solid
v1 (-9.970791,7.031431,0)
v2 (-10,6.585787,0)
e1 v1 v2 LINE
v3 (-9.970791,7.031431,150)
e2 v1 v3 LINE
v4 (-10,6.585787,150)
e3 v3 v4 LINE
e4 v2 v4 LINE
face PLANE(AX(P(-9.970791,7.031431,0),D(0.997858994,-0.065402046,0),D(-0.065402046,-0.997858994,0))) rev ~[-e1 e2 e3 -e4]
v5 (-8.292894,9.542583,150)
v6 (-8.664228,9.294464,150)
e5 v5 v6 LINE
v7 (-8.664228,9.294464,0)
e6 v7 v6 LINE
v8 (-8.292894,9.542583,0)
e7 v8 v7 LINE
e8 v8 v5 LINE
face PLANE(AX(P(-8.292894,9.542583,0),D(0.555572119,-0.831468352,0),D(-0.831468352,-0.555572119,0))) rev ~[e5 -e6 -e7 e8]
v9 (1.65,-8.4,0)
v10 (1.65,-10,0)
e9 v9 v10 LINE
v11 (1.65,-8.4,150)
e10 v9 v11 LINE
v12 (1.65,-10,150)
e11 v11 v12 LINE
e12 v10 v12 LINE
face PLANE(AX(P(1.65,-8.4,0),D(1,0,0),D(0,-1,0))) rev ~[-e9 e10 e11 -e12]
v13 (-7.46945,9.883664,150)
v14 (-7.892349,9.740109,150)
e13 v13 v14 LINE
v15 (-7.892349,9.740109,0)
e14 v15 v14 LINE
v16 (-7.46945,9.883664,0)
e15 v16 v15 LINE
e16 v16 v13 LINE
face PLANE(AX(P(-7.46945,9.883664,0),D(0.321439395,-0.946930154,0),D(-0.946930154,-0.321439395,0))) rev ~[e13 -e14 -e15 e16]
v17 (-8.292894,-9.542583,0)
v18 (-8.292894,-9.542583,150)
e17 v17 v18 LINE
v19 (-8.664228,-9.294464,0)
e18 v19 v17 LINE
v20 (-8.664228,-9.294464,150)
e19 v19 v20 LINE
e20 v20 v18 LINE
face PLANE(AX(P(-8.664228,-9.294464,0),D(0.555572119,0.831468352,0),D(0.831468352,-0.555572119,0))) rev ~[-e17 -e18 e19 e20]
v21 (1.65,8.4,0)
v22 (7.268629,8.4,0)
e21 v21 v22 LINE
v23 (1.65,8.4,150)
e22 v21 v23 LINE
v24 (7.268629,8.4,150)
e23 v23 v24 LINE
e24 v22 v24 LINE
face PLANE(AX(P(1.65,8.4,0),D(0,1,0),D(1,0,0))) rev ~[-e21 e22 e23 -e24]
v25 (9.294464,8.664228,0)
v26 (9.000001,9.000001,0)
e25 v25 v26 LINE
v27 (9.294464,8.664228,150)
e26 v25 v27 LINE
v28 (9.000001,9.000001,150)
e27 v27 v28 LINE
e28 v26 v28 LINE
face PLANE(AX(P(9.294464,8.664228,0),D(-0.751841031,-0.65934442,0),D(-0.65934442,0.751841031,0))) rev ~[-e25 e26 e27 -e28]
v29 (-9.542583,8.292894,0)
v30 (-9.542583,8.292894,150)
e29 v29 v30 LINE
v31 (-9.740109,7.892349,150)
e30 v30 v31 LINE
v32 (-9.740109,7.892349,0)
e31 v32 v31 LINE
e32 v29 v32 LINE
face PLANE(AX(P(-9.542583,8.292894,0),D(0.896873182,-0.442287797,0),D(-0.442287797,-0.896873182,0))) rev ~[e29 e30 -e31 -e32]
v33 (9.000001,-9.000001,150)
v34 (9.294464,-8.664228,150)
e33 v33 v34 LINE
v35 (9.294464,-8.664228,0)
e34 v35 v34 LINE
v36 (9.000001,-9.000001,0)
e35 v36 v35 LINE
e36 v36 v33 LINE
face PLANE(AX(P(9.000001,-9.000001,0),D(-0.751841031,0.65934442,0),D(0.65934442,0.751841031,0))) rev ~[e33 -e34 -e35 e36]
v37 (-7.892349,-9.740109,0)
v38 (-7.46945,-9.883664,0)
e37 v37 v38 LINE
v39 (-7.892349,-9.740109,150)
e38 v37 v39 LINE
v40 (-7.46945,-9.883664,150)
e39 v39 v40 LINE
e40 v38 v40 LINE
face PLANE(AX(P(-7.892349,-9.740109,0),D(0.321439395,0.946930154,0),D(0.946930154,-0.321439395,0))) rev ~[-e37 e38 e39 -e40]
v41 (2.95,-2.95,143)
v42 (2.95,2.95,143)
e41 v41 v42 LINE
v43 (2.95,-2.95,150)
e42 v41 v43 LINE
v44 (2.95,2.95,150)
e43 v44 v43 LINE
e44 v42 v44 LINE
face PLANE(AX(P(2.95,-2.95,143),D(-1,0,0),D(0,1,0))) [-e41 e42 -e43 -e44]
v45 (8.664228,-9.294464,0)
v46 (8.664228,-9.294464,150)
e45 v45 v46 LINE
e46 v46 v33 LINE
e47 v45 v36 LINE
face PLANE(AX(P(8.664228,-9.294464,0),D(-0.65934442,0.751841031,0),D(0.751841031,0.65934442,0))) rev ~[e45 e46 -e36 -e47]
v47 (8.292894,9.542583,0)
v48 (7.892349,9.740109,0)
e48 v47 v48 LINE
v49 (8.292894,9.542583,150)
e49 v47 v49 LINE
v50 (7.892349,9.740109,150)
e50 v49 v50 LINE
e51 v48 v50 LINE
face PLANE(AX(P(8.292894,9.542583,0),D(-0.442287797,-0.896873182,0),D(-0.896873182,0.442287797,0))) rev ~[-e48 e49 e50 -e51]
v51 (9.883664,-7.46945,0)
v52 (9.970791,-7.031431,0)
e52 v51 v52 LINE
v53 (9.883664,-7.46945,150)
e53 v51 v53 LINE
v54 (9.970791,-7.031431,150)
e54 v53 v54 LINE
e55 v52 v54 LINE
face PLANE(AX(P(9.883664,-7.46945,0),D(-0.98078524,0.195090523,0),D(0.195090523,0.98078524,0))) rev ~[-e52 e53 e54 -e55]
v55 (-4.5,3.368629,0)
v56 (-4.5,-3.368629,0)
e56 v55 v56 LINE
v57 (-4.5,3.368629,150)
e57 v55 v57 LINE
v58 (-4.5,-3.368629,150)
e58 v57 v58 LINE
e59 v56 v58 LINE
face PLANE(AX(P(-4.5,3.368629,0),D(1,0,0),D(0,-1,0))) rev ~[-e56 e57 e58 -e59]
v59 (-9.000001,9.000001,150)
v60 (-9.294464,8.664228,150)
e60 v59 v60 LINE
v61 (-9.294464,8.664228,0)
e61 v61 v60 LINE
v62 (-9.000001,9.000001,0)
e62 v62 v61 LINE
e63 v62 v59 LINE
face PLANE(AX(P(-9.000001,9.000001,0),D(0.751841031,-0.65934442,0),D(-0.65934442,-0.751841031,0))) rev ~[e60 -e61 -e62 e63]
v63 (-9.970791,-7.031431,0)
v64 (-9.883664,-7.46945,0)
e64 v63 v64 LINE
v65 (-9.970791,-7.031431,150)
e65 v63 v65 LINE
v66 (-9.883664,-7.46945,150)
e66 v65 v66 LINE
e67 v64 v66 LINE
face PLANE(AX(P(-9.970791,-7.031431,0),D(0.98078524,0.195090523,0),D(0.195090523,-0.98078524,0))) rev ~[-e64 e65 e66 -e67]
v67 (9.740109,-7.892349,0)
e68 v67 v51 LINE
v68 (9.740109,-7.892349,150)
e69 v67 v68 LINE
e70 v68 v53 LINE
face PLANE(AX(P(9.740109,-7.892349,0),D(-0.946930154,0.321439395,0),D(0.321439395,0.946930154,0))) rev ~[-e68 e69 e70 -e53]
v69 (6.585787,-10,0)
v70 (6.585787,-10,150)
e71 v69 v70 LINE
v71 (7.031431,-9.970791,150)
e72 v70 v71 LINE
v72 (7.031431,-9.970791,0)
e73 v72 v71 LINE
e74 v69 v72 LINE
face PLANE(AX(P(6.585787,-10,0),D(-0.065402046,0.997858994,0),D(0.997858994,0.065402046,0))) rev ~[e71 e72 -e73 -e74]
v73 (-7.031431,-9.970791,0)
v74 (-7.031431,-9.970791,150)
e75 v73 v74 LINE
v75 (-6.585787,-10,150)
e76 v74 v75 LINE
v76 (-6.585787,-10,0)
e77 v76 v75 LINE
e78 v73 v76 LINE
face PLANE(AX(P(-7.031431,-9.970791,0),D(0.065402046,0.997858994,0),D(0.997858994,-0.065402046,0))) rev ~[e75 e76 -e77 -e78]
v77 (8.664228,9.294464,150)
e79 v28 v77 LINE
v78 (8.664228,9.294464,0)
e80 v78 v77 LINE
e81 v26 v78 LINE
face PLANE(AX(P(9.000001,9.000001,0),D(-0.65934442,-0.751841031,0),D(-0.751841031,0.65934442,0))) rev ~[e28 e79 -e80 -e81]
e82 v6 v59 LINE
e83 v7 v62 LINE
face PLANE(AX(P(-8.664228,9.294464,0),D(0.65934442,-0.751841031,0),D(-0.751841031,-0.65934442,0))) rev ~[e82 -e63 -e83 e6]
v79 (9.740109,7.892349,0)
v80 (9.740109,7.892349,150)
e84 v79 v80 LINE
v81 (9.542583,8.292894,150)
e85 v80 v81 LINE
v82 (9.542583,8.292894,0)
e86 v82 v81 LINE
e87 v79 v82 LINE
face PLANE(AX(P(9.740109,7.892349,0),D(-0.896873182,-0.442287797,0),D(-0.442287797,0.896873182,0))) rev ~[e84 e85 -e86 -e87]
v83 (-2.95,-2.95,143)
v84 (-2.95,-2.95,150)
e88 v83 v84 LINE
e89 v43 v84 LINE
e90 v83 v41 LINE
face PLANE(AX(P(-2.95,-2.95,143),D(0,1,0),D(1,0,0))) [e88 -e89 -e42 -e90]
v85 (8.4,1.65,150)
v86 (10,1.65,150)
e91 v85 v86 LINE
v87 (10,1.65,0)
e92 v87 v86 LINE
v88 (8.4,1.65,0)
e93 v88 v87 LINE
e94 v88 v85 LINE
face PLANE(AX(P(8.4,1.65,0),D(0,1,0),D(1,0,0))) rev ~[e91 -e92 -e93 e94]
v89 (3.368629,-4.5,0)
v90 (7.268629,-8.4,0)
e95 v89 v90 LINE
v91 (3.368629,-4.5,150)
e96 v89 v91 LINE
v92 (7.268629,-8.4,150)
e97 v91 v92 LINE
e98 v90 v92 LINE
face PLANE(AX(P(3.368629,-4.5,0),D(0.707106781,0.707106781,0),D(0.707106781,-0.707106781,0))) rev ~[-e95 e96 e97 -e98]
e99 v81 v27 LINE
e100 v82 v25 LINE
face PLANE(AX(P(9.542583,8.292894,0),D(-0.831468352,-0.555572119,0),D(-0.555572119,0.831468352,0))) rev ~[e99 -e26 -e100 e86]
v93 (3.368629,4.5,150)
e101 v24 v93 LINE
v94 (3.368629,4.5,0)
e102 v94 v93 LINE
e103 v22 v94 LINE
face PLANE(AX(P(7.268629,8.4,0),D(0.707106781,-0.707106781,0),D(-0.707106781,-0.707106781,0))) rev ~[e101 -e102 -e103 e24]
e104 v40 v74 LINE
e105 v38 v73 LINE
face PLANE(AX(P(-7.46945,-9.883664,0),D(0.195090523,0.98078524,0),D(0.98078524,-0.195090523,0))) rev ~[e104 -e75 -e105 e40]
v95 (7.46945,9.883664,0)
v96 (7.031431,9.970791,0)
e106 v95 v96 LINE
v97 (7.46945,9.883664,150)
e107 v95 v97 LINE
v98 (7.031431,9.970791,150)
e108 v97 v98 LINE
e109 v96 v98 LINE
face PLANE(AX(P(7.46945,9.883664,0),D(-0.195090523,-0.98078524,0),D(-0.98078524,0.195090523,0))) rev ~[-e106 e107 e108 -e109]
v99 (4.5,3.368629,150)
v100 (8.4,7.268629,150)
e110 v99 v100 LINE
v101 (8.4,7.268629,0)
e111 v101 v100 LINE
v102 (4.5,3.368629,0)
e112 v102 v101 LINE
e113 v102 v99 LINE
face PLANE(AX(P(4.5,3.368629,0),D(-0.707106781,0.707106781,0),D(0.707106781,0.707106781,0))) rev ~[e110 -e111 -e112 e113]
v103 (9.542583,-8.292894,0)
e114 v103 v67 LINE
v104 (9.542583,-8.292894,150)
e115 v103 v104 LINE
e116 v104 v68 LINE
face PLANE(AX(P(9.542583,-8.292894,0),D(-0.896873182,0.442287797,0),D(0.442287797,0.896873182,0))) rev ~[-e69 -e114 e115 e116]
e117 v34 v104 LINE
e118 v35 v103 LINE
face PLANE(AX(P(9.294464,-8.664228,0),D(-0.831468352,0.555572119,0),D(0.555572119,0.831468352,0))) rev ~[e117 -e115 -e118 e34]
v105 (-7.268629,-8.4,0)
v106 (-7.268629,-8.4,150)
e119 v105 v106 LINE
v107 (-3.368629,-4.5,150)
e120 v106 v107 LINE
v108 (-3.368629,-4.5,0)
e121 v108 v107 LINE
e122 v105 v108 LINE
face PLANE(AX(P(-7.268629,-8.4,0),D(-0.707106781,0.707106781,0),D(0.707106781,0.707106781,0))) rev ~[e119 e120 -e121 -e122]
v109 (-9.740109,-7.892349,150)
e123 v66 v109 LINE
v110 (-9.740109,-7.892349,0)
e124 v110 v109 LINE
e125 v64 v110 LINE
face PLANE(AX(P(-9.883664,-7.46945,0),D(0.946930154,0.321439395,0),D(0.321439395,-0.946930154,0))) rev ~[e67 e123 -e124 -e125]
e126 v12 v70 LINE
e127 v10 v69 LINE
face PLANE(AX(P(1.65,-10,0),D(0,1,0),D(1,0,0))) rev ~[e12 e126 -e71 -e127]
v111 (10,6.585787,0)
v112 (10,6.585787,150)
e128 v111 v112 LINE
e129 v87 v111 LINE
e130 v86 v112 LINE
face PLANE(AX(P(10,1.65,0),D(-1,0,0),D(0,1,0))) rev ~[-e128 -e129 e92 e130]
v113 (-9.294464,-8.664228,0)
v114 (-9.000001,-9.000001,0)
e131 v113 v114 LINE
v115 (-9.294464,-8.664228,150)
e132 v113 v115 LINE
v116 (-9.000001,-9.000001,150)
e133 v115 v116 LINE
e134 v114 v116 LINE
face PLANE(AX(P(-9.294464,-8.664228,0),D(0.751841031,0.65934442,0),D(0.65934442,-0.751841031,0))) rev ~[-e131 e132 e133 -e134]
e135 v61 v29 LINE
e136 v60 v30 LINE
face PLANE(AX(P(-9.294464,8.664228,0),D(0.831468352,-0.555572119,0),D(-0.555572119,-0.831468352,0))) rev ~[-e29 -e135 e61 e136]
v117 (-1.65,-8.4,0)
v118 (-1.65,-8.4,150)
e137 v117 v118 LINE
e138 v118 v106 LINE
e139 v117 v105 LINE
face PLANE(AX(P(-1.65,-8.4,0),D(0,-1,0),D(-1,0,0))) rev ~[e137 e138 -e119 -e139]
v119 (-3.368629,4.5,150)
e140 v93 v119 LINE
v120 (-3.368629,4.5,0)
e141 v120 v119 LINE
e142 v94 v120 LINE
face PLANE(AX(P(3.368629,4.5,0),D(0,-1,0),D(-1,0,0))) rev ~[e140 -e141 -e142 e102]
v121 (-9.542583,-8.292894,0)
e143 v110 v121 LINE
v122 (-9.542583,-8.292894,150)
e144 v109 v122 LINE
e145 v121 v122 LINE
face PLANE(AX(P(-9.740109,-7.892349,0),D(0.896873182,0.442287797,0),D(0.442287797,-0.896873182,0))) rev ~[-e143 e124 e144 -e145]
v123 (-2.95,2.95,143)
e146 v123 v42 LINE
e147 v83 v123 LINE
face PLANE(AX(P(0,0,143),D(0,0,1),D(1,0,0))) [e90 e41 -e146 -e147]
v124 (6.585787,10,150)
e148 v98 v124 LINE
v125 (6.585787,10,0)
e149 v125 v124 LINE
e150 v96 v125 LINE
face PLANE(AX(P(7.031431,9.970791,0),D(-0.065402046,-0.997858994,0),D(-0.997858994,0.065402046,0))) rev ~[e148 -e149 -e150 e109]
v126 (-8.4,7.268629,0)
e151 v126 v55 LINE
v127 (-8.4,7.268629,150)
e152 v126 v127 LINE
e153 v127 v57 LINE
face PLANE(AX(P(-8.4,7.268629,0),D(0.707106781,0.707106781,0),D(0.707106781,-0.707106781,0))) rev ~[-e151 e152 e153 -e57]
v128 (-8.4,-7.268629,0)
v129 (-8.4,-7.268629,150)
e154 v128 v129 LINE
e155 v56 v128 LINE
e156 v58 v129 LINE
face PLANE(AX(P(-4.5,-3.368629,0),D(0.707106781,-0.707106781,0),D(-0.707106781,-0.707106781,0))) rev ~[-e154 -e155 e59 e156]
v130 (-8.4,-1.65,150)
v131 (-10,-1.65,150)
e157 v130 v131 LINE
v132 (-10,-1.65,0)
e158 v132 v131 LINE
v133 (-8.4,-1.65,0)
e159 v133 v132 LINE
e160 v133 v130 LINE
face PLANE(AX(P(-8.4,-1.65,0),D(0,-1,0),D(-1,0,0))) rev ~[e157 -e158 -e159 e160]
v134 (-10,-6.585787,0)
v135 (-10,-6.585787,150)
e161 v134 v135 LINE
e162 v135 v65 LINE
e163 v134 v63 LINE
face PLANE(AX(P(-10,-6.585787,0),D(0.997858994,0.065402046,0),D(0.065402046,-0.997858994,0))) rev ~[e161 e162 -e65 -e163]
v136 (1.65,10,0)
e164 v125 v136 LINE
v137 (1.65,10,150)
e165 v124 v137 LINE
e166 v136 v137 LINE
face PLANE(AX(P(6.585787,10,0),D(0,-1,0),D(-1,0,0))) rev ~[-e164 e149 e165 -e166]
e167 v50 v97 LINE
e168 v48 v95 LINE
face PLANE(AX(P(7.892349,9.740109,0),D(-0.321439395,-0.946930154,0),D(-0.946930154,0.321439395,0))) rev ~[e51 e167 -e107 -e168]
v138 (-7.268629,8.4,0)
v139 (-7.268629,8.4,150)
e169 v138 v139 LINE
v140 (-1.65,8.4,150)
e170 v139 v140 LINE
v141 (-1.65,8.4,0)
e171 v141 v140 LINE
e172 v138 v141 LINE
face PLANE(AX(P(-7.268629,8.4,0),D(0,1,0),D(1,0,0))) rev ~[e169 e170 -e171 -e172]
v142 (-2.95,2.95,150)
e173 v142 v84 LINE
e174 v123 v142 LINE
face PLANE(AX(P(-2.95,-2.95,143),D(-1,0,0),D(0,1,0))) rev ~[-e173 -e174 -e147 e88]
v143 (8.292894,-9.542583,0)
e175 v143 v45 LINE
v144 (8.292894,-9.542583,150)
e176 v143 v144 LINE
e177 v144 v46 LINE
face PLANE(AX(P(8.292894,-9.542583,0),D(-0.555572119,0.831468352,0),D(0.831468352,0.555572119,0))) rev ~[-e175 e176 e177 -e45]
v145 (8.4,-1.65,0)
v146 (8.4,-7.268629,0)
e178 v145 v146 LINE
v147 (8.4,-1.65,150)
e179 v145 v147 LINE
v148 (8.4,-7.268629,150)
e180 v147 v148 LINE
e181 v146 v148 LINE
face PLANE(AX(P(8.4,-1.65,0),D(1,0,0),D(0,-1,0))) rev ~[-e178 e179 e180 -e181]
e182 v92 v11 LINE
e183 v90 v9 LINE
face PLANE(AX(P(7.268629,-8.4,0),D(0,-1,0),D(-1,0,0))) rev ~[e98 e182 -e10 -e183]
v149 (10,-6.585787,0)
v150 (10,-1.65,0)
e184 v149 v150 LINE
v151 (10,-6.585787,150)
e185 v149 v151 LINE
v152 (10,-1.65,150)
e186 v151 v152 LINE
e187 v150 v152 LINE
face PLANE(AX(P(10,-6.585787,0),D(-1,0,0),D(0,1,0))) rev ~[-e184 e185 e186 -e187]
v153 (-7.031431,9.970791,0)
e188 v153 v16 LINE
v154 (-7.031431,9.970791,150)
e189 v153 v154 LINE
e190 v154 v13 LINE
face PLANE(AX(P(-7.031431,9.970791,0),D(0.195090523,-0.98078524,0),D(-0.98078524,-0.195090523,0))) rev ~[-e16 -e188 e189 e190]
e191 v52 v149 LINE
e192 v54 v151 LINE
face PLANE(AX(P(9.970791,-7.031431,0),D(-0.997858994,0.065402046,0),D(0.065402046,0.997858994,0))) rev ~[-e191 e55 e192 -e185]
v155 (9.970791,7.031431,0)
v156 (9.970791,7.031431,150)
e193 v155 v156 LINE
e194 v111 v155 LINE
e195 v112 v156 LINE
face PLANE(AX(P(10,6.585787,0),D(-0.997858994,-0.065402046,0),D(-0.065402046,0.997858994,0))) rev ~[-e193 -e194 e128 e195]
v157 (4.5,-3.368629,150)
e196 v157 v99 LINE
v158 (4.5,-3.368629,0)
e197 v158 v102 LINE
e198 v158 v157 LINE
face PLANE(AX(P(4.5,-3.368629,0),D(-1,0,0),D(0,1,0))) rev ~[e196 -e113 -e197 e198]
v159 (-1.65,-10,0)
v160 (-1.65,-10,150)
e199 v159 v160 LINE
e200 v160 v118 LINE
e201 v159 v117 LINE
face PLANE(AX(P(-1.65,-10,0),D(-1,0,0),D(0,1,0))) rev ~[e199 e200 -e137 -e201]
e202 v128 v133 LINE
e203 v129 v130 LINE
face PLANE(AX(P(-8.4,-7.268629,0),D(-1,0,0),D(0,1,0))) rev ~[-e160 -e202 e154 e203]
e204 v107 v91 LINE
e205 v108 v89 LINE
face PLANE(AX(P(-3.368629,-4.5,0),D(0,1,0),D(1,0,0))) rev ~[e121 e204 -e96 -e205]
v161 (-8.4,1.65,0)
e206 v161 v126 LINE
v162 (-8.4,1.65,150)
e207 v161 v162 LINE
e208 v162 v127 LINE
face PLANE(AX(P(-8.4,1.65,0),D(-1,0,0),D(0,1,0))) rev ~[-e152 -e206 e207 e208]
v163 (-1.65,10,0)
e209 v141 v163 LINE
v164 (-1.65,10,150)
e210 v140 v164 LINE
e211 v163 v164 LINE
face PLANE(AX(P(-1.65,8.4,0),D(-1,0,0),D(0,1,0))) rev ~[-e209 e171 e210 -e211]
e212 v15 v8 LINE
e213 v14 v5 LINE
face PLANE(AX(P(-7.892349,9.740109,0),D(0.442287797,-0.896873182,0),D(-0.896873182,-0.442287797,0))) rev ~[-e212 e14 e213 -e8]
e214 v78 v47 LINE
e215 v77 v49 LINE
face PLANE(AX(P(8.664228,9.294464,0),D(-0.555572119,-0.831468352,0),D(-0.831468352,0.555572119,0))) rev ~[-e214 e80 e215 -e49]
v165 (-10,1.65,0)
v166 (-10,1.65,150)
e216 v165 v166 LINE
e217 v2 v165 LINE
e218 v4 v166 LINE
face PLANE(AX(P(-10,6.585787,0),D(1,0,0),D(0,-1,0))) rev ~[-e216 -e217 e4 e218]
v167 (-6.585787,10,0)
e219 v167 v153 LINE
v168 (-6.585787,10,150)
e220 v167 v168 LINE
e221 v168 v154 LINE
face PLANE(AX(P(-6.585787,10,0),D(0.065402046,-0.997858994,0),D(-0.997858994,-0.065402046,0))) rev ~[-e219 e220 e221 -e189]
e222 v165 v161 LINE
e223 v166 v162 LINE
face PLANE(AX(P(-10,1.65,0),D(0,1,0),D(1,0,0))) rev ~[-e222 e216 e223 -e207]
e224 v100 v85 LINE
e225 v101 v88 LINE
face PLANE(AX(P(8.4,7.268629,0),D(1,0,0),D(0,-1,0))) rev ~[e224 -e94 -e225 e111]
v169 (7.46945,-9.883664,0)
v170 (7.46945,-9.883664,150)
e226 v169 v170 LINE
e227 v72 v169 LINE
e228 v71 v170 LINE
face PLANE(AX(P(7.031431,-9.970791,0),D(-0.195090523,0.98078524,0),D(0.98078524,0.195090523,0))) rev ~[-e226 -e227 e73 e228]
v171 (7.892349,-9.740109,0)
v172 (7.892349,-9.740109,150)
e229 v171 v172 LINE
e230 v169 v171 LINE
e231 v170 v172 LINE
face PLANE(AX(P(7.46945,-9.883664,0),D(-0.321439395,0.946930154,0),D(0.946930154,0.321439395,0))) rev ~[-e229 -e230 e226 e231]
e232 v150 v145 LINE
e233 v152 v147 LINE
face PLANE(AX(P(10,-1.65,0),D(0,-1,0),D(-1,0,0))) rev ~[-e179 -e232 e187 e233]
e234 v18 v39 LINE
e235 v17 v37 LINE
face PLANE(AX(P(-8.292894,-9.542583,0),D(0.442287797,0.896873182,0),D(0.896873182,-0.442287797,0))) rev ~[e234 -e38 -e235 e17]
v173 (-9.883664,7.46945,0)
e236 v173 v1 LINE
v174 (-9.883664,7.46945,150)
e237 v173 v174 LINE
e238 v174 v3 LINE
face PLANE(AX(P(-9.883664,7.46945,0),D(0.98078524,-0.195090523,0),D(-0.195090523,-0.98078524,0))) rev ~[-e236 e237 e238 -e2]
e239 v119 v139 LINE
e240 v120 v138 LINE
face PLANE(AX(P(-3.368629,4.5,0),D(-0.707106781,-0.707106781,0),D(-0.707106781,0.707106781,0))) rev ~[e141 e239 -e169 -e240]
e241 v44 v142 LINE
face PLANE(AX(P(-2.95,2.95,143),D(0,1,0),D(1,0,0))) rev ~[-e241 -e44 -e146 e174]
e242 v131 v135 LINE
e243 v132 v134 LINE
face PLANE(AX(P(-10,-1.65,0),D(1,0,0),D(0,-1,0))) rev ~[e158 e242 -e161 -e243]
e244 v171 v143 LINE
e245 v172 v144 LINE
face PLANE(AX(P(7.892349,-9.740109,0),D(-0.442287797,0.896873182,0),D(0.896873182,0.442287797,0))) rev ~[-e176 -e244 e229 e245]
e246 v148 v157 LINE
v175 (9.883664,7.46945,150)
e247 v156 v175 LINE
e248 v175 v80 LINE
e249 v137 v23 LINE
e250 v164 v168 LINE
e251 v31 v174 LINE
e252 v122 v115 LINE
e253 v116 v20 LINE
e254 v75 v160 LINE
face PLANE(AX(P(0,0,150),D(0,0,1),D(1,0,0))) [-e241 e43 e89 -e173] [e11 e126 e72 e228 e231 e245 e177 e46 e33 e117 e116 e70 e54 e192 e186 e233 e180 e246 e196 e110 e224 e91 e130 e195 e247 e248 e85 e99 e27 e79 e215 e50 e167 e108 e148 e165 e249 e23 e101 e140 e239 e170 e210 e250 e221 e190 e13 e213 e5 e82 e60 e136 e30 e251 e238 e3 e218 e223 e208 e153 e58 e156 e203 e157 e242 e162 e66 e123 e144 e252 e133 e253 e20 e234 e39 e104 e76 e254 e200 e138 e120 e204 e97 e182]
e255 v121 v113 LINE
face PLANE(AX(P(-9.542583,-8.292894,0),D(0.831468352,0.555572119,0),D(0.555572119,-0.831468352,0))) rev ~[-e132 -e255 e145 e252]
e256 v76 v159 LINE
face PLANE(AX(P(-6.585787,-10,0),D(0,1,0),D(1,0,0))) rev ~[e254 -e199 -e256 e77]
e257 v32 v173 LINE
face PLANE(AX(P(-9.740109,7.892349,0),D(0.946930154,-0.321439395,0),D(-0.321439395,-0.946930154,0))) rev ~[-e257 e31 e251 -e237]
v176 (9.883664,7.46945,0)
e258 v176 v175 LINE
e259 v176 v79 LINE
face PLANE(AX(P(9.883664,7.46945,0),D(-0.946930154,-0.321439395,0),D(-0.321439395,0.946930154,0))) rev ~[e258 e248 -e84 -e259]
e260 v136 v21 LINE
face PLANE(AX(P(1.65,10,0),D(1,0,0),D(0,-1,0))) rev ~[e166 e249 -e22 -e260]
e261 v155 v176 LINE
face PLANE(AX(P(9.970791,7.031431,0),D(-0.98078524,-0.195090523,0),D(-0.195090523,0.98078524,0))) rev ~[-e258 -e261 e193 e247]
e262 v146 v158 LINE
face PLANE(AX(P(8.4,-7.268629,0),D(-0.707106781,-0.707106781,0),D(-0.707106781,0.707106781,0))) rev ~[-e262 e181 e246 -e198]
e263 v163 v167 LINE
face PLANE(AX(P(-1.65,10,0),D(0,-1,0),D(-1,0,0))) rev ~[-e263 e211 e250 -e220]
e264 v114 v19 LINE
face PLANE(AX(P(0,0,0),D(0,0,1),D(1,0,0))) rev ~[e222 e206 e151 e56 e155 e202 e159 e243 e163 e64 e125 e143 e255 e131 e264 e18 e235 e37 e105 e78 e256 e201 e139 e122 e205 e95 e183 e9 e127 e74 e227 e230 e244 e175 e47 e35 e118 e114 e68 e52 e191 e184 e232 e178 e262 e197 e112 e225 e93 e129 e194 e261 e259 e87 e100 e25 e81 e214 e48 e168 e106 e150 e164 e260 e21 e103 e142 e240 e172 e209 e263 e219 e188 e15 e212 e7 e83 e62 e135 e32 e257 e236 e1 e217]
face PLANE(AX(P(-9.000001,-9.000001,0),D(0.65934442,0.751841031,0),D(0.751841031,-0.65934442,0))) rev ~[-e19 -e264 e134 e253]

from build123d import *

# Parameters (mm, degrees)
F1_DEPTH = 150
F3_START = 143
F2_W     = 5.9
F2_H     = 5.9
F3_DEPTH = 14


with BuildPart() as f1:
    # F0 (on Top) → F1 (new body)
    with BuildSketch(Plane.XY):
        Polygon((-8.6642279688, 9.2944640897), (-9.0000005454, 9.0000005454), (-9.2944640897, 8.6642279688), (-9.5425827994, 8.2928939011), (-9.740108966, 7.8923494527), (-9.8836638753, 7.4694502231), (-9.9707914372, 7.0314308605), (-10, 6.5857868932), (-10, 1.6499997364), (-8.4000001454, 1.6499997364), (-8.4000001454, 7.2686289692), (-4.5000002727, 3.3686290964), (-4.5000002727, -3.3686290964), (-8.4000001454, -7.2686289692), (-8.4000001454, -1.6499997364), (-10, -1.6499997364), (-10, -6.5857868932), (-9.9707914372, -7.0314308605), (-9.8836638753, -7.4694502231), (-9.740108966, -7.8923494527), (-9.5425827994, -8.2928939011), (-9.2944640897, -8.6642279688), (-9.0000005454, -9.0000005454), (-8.6642279688, -9.2944640897), (-8.2928939011, -9.5425827994), (-7.8923494527, -9.740108966), (-7.4694502231, -9.8836638753), (-7.0314308605, -9.9707914372), (-6.5857868932, -10), (-1.6499997364, -10), (-1.6499997364, -8.4000001454), (-7.2686289692, -8.4000001454), (-3.3686290964, -4.5000002727), (3.3686290964, -4.5000002727), (7.2686289692, -8.4000001454), (1.6499997364, -8.4000001454), (1.6499997364, -10), (6.5857868932, -10), (7.0314308605, -9.9707914372), (7.4694502231, -9.8836638753), (7.8923494527, -9.740108966), (8.2928939011, -9.5425827994), (8.6642279688, -9.2944640897), (9.0000005454, -9.0000005454), (9.2944640897, -8.6642279688), (9.5425827994, -8.2928939011), (9.740108966, -7.8923494527), (9.8836638753, -7.4694502231), (9.9707914372, -7.0314308605), (10, -6.5857868932), (10, -1.6499997364), (8.4000001454, -1.6499997364), (8.4000001454, -7.2686289692), (4.5000002727, -3.3686290964), (4.5000002727, 3.3686290964), (8.4000001454, 7.2686289692), (8.4000001454, 1.6499997364), (10, 1.6499997364), (10, 6.5857868932), (9.9707914372, 7.0314308605), (9.8836638753, 7.4694502231), (9.740108966, 7.8923494527), (9.5425827994, 8.2928939011), (9.2944640897, 8.6642279688), (9.0000005454, 9.0000005454), (8.6642279688, 9.2944640897), (8.2928939011, 9.5425827994), (7.8923494527, 9.740108966), (7.4694502231, 9.8836638753), (7.0314308605, 9.9707914372), (6.5857868932, 10), (1.6499997364, 10), (1.6499997364, 8.4000001454), (7.2686289692, 8.4000001454), (3.3686290964, 4.5000002727), (-3.3686290964, 4.5000002727), (-7.2686289692, 8.4000001454), (-1.6499997364, 8.4000001454), (-1.6499997364, 10), (-6.5857868932, 10), (-7.0314308605, 9.9707914372), (-7.4694502231, 9.8836638753), (-7.8923494527, 9.740108966), (-8.2928939011, 9.5425827994), align=None)
    extrude(amount=F1_DEPTH)

    # F2 (on Top) → F3 (cut)
    with BuildSketch(Plane.XY.offset(F3_START)):
        Rectangle(F2_W, F2_H)
    extrude(amount=F3_DEPTH, mode=Mode.SUBTRACT)


solid = f1.part
